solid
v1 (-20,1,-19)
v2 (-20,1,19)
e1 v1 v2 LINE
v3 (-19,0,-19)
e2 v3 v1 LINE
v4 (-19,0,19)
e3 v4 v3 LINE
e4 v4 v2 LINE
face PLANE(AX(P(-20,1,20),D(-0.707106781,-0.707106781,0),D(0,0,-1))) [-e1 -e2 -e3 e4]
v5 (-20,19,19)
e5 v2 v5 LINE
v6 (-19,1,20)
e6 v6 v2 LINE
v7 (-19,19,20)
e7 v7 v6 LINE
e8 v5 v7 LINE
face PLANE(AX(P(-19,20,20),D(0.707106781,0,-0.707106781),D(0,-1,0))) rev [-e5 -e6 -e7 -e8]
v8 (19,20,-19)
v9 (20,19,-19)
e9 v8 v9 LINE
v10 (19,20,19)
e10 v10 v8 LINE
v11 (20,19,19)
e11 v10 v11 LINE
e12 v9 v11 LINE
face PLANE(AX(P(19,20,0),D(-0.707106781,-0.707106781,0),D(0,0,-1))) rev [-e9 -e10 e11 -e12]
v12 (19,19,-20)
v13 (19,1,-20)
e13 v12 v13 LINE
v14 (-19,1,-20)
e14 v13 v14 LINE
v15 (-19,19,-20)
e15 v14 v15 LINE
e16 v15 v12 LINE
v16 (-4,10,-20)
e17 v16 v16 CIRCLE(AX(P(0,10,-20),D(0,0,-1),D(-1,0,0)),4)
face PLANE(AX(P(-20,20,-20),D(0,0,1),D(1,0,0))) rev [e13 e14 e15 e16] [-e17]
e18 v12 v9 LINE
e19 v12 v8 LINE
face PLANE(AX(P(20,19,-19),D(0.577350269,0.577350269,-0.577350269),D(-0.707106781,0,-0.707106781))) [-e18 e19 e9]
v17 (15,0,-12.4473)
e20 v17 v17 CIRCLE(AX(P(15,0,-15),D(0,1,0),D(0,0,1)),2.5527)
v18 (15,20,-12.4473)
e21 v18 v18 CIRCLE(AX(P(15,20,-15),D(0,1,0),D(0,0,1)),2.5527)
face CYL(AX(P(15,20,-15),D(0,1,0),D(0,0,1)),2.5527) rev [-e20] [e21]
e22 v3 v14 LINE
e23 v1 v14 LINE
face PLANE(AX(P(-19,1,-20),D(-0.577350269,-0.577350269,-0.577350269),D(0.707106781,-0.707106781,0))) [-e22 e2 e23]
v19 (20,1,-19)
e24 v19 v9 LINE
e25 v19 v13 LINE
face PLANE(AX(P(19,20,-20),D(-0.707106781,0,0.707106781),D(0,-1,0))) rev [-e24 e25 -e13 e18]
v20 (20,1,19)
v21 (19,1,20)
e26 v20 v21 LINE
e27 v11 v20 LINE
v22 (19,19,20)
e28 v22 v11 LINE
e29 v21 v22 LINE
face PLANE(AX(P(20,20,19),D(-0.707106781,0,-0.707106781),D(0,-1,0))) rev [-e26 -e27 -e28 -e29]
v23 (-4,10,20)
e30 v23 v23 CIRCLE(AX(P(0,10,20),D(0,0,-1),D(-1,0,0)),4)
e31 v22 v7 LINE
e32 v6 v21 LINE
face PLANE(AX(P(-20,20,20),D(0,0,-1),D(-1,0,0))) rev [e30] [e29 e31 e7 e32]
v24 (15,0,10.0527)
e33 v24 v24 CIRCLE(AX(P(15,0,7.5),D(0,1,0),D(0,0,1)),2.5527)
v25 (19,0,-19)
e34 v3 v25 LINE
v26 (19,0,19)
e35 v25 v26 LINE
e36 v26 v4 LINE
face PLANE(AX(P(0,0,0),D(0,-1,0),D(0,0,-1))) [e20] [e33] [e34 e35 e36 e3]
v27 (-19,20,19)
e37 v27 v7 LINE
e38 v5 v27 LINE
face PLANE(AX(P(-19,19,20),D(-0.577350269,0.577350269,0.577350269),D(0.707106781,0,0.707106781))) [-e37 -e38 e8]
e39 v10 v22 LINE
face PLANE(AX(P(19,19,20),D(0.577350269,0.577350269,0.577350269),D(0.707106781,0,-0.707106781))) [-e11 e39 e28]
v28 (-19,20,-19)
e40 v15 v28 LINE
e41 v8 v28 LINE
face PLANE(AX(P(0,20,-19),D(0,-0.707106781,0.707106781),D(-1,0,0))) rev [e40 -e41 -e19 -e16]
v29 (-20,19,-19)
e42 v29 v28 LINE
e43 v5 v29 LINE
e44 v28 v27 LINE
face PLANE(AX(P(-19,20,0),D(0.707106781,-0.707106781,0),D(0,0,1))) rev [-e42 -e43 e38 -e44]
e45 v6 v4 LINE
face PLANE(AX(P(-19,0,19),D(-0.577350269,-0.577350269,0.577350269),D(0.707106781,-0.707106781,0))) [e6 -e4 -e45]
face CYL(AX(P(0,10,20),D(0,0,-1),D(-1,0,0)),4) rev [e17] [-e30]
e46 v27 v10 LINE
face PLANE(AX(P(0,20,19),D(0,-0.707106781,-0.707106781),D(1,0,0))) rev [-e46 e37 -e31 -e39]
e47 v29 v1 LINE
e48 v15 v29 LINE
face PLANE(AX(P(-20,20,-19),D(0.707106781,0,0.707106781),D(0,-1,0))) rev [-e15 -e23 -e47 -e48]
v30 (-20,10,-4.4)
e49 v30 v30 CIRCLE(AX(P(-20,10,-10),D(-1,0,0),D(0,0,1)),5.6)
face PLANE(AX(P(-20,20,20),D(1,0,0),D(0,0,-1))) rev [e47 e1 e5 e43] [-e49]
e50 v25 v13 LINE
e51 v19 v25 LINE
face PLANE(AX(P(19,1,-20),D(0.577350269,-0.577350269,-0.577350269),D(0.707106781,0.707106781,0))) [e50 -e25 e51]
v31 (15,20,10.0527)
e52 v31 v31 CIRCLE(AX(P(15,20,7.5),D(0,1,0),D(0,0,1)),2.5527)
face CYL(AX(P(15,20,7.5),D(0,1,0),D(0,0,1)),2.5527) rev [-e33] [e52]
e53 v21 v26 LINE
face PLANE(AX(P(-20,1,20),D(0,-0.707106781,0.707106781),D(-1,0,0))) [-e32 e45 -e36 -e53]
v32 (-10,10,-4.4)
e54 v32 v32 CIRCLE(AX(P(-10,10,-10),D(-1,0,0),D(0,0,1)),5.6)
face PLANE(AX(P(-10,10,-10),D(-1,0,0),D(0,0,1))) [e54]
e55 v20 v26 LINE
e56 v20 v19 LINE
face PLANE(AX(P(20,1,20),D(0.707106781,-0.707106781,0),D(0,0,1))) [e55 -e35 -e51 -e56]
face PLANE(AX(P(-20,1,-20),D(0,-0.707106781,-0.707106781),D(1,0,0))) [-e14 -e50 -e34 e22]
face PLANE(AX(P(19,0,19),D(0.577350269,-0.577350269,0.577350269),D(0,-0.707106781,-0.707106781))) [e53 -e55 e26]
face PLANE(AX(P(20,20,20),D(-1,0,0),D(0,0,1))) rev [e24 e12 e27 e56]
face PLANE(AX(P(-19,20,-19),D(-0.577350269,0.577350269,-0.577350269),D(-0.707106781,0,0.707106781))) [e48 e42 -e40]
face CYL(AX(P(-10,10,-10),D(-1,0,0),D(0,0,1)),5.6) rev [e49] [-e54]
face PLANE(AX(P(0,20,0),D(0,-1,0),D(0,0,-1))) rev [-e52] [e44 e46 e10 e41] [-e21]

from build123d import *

# Parameters (mm, degrees)
SKETCH1_W               = 40
SKETCH1_H               = 40
BOSS_EXTRUDE1_DEPTH     = 20
SKETCH2_R               = 5.6
CUT_EXTRUDE1_DEPTH      = 10
CHAMFER1_SIZE           = 1
F_1_4_20_TAPPED_HOLE1_D = 5.1054
SKETCH5_R               = 4
CUT_EXTRUDE2_DEPTH      = 41


with BuildPart() as part:
    # Sketch1 → Boss-Extrude1 (new body)
    with BuildSketch(Plane(origin=(0, 0, 0), x_dir=(1, 0, 0), z_dir=(0, 1, 0))):
        Rectangle(SKETCH1_W, SKETCH1_H)
    extrude(amount=BOSS_EXTRUDE1_DEPTH)

    # Sketch2 → Cut-Extrude1 (cut)
    with BuildSketch(Plane.ZY.offset(20)):
        with Locations((-10, 10)):
            Circle(SKETCH2_R)
    extrude(amount=-CUT_EXTRUDE1_DEPTH, mode=Mode.SUBTRACT)

    # Chamfer1
    chamfer1_edges = [part.edges().sort_by_distance(p)[0] for p in [
        (-20, 20, 0),
        (0, 20, 20),
        (20, 20, 0),
        (0, 0, 20),
        (-20, 0, 0),
        (0, 0, -20),
        (20, 0, 0),
        (0, 20, -20),
        (20, 10, 20),
        (-20, 10, 20),
        (-20, 10, -20),
        (20, 10, -20),
    ]]
    chamfer(chamfer1_edges, length=CHAMFER1_SIZE)

    # 1/4-20 Tapped Hole1 (through all)
    with Locations(Plane(origin=(0, 20, 0), x_dir=(1, 0, 0), z_dir=(0, 1, 0))):
        with Locations((15, -7.5), (15, 15)):
            Hole(F_1_4_20_TAPPED_HOLE1_D / 2)

    # Sketch5 → Cut-Extrude2 (cut, through all)
    with BuildSketch(Plane(origin=(0, 0, -20), x_dir=(-1, 0, 0), z_dir=(0, 0, -1))):
        with Locations((0, 10)):
            Circle(SKETCH5_R)
    extrude(amount=-CUT_EXTRUDE2_DEPTH, mode=Mode.SUBTRACT)


solid = part.part
